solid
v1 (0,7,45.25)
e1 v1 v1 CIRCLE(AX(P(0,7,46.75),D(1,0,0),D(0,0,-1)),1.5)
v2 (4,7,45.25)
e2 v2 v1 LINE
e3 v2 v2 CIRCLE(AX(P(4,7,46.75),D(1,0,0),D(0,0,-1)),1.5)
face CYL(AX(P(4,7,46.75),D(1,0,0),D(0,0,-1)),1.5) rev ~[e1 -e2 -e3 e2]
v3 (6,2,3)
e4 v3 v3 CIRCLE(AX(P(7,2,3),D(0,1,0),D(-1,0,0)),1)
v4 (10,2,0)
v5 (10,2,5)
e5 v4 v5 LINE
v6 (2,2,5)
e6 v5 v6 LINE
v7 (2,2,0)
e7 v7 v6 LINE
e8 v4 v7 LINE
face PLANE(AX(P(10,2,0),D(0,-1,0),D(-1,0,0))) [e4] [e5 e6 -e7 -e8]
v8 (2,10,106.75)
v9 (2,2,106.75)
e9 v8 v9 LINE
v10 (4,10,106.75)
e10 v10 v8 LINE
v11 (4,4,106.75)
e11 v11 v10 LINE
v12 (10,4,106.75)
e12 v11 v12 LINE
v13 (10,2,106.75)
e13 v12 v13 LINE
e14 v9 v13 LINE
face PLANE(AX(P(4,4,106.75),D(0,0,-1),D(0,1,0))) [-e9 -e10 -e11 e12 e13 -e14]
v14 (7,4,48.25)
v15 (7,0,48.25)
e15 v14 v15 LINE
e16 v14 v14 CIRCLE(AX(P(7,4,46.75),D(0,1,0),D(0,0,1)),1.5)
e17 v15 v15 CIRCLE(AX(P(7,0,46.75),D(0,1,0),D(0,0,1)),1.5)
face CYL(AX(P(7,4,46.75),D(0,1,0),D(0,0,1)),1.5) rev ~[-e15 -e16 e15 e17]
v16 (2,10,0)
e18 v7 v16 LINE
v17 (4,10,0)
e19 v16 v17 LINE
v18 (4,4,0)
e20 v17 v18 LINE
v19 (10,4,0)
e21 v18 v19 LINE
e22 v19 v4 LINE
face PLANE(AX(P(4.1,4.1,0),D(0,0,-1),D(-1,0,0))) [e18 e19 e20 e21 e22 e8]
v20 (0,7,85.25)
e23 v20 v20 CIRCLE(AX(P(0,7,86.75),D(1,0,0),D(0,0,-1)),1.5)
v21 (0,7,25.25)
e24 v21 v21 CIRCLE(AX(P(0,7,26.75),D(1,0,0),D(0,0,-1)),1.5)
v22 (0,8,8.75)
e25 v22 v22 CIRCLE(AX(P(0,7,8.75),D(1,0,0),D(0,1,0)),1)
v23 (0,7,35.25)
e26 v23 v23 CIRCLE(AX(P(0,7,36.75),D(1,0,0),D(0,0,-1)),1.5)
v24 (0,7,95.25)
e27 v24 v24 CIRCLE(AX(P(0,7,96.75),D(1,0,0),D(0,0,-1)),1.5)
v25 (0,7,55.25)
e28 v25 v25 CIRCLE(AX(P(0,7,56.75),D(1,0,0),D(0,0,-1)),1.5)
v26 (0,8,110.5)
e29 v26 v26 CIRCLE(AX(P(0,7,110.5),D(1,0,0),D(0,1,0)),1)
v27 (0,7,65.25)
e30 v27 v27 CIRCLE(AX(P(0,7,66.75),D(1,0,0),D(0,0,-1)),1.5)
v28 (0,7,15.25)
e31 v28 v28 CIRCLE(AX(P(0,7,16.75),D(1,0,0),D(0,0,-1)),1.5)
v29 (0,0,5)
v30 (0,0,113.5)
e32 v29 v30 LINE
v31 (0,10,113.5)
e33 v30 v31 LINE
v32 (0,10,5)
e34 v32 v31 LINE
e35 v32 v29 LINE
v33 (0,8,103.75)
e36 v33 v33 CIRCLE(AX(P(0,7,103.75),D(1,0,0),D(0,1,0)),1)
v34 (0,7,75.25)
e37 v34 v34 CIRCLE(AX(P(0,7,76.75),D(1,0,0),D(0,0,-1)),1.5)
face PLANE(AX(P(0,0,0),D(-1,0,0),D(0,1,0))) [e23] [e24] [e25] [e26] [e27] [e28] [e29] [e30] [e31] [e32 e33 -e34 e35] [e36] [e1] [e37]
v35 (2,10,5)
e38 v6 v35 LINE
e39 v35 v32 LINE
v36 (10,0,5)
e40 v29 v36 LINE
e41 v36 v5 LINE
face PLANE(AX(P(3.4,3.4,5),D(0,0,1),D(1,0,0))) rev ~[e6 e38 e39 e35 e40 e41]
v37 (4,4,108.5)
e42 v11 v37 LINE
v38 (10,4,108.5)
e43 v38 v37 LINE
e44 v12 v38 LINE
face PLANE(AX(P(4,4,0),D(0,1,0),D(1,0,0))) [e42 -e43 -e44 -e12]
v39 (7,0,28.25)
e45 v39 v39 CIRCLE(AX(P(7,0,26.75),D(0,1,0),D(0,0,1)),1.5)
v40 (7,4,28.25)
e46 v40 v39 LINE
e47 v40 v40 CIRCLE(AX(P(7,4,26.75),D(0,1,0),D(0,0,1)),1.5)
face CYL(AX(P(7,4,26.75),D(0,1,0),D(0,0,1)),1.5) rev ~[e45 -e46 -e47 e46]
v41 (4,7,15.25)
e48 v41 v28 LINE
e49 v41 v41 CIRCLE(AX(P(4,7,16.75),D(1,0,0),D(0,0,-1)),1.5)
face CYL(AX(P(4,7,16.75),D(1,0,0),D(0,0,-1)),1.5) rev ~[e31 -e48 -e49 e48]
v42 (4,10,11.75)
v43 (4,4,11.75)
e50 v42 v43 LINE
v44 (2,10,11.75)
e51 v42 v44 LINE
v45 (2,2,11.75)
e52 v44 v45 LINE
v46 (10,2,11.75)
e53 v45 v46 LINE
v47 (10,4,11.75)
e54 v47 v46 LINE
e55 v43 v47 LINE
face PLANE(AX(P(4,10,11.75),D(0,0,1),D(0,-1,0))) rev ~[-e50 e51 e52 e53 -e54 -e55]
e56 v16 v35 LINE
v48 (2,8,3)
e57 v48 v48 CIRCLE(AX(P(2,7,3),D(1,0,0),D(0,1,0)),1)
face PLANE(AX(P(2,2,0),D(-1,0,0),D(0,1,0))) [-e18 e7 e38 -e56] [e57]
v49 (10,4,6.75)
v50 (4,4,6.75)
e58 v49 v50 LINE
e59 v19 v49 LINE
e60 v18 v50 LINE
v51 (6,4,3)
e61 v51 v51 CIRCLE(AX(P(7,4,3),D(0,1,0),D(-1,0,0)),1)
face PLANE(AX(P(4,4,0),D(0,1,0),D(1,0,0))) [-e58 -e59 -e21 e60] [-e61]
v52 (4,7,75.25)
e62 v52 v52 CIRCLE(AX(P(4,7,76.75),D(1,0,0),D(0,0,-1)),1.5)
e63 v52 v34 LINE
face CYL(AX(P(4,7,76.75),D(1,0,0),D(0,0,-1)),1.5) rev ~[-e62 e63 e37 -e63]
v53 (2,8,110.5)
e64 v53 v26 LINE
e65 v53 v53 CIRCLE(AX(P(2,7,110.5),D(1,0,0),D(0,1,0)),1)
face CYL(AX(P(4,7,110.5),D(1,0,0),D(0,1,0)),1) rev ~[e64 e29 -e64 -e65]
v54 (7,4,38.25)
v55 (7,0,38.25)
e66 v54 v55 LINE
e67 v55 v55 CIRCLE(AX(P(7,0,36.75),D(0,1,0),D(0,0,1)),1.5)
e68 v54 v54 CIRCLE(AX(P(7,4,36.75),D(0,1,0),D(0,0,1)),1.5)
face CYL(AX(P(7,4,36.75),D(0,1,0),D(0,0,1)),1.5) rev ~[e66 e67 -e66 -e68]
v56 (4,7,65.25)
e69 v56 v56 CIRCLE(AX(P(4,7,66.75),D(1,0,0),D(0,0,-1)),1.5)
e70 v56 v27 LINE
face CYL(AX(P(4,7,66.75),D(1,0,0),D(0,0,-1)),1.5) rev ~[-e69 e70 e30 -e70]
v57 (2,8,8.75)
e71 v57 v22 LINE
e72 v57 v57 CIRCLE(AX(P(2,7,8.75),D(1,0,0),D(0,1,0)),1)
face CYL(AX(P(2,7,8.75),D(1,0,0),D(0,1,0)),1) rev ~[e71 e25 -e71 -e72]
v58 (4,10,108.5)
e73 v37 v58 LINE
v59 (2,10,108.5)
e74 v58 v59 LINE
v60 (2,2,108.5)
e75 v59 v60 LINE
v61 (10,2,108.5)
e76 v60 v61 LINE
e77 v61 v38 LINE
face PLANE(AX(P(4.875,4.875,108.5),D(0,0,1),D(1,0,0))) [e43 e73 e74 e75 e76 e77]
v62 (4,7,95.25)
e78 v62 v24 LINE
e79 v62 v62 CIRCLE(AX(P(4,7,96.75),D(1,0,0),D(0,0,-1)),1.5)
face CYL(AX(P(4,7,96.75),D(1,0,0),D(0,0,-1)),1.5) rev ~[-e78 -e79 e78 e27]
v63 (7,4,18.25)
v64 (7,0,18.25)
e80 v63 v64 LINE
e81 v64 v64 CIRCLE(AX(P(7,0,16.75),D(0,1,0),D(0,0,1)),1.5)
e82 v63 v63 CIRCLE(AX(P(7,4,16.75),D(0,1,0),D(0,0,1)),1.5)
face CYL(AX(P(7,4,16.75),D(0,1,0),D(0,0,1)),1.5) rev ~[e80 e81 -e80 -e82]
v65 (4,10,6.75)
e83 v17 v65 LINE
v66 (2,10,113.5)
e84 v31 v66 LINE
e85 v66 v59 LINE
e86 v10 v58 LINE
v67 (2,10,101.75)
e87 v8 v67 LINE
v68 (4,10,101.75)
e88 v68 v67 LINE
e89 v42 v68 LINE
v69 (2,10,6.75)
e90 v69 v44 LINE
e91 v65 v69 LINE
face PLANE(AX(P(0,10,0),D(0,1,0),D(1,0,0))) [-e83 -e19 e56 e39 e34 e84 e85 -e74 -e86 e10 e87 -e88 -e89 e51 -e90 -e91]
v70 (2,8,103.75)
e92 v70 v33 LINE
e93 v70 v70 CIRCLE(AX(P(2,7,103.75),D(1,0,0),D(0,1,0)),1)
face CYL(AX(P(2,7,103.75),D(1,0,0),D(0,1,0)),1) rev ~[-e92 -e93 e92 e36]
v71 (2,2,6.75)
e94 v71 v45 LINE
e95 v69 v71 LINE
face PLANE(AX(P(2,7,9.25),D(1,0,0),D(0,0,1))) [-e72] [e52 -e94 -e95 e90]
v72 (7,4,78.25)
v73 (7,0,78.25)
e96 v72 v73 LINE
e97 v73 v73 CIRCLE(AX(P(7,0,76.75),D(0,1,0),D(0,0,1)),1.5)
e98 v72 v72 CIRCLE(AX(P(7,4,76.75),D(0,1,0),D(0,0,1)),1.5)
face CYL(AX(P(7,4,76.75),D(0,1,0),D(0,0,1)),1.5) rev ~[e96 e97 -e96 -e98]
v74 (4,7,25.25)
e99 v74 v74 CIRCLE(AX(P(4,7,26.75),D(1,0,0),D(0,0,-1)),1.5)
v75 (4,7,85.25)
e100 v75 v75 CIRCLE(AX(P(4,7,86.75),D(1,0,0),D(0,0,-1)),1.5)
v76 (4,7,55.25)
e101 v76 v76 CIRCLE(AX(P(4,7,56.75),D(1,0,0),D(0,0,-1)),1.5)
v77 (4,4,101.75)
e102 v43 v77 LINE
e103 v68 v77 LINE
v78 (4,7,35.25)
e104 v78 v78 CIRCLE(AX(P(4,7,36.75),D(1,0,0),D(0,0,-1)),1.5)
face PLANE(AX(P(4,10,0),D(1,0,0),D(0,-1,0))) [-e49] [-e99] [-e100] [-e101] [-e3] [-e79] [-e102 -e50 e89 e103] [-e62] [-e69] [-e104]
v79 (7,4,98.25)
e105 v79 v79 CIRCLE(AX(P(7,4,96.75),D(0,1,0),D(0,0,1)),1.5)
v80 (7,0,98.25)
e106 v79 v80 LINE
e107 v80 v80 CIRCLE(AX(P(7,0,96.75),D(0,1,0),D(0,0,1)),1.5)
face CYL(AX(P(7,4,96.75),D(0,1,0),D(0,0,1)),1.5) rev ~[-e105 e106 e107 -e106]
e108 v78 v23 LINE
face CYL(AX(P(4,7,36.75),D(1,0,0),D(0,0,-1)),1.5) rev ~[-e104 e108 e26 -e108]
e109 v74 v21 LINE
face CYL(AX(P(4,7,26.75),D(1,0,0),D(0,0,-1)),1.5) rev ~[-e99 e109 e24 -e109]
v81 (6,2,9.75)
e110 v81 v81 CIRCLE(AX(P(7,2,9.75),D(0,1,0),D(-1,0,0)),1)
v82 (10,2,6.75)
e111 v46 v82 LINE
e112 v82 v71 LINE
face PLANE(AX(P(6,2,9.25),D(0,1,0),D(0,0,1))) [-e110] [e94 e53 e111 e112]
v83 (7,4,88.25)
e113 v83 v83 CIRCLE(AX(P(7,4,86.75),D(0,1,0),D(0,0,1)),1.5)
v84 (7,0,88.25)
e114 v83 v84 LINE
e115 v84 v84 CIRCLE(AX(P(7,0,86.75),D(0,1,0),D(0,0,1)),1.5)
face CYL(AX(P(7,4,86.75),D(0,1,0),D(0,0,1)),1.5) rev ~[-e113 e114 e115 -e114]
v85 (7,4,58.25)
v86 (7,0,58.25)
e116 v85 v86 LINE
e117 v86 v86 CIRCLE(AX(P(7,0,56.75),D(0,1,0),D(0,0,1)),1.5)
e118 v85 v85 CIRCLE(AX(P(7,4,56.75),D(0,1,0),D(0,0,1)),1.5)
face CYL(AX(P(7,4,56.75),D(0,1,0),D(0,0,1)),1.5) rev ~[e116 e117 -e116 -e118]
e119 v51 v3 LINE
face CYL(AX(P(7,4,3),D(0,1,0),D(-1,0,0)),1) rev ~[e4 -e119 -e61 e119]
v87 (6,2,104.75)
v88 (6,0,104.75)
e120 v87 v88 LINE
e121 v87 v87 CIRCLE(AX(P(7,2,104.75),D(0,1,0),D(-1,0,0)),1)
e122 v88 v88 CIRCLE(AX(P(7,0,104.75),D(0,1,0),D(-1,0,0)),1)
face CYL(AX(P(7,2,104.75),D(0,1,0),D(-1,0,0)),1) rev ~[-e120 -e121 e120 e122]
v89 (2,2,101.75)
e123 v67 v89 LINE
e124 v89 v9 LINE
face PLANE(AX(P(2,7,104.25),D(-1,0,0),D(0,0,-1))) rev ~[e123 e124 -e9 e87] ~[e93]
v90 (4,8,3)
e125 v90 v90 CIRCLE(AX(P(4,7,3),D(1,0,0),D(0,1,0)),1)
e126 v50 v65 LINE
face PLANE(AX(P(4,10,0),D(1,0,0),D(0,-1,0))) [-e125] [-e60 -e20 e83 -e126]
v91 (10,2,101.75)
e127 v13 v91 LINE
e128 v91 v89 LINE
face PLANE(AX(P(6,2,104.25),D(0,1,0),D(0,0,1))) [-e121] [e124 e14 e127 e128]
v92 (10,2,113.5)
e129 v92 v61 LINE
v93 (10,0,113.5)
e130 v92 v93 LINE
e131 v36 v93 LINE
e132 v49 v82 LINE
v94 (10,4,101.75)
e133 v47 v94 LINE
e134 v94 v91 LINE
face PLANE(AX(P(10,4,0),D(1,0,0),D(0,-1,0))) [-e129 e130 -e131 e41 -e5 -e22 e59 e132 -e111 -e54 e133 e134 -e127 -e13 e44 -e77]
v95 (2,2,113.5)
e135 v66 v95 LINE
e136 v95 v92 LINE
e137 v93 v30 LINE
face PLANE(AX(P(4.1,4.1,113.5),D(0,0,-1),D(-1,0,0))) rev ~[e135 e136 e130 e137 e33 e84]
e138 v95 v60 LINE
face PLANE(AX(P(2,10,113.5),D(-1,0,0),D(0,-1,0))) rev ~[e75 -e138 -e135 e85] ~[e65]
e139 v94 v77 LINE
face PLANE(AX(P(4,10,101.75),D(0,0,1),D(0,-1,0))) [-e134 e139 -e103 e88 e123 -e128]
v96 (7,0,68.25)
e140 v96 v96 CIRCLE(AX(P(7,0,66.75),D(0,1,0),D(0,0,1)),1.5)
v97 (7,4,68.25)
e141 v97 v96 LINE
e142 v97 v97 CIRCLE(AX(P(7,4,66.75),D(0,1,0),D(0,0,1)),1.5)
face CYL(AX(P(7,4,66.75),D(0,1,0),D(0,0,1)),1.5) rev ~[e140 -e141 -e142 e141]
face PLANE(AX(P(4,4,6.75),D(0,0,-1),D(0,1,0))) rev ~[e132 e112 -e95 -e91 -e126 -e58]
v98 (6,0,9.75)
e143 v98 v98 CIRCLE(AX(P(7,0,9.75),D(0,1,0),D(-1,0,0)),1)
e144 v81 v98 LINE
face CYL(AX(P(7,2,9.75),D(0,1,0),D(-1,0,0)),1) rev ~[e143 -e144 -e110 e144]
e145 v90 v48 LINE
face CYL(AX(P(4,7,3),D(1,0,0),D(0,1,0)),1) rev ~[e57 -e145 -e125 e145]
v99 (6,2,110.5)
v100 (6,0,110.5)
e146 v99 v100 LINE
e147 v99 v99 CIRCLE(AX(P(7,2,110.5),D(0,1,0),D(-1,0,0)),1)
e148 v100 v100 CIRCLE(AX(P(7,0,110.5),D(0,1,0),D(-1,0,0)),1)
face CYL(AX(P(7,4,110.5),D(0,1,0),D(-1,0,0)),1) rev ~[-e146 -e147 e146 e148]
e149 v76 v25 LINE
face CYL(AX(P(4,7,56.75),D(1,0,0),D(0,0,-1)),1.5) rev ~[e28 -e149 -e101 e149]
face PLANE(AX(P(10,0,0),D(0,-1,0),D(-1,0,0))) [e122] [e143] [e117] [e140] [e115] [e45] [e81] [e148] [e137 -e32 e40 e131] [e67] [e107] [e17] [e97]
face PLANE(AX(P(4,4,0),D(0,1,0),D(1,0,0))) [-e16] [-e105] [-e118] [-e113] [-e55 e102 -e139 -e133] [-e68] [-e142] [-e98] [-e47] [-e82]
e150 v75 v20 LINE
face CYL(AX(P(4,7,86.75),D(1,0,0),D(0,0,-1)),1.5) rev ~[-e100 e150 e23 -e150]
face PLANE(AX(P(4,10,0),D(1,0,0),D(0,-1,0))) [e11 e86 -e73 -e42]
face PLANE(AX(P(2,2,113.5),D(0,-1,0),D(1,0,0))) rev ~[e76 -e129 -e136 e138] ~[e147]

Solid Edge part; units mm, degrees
sketch "Sketch1" plane through (0, 0, 0) normal (0, 0, 1) x (1, 0, 0)
  line L0 (0, 0) -> (0, 10)
  line L1 (0, 10) -> (4, 10)
  line L2 (4, 10) -> (4, 4)
  line L3 (4, 4) -> (10, 4)
  line L4 (10, 4) -> (10, 0)
  line L5 (10, 0) -> (0, 0)
  dimension "D1" = 4
  dimension "D2" = 4
  dimension "D3" = 10
  dimension "D4" = 10
extrude "Protrusion1" add sketch "Sketch1" along normal blind 113.5
sketch "Sketch2" plane through (5, 5, 113.5) normal (0, 0, 1) x (0, 1, 0)
  line L0 (5, 1) -> (5, 3)
  line L1 (5, 3) -> (-3, 3)
  line L2 (-3, 3) -> (-3, -5)
  line L3 (-3, -5) -> (-1, -5)
  line L4 (-1, -5) -> (-1, 1)
  line L5 (-1, 1) -> (5, 1)
extrude "ExtrudedCutout_4" cut sketch "Sketch2" against normal blind 5
sketch "Sketch3" plane through (5, 5, 0) normal (0, 0, -1) x (-1, 0, 0)
  line L0 (3, 5) -> (5, 5)
  line L1 (5, 5) -> (5, -5)
  line L2 (5, -5) -> (-5, -5)
  line L3 (-5, -5) -> (-5, -3)
  line L4 (-5, -3) -> (3, -3)
  line L5 (3, -3) -> (3, 5)
extrude "ExtrudedCutout_5" cut sketch "Sketch3" against normal blind 5
sketch "Sketch4" plane through (4, 6.5, 54.25) normal (1, 0, 0) x (0, 0, -1)
  line L0 (-52.5, 3.5) -> (-47.5, 3.5)
  line L1 (-47.5, 3.5) -> (-47.5, -2.5)
  line L2 (-47.5, -2.5) -> (-52.5, -2.5)
  line L3 (-52.5, -2.5) -> (-52.5, 3.5)
  dimension "D1" = 5
  dimension "D2" = 6.75
extrude "ExtrudedCutout_7" cut sketch "Sketch4" against normal blind 2
sketch "Sketch5" plane through (5.75, 4, 54.25) normal (0, 1, 0) x (0, 0, -1)
  line L0 (-52.5, 3.75) -> (-52.5, -4.25)
  line L1 (-52.5, -4.25) -> (-47.5, -4.25)
  line L2 (-47.5, -4.25) -> (-47.5, 3.75)
  line L3 (-47.5, 3.75) -> (-52.5, 3.75)
extrude "ExtrudedCutout_8" cut sketch "Sketch5" against normal blind 2
sketch "Sketch6" plane through (4, 6.5, 50.875) normal (1, 0, 0) x (0, 0, -1)
  line L0 (44.125, 3.5) -> (39.125, 3.5)
  line L1 (39.125, 3.5) -> (39.125, -2.5)
  line L2 (39.125, -2.5) -> (44.125, -2.5)
  line L3 (44.125, -2.5) -> (44.125, 3.5)
  dimension "D1" = 6.75
  dimension "D2" = 5
extrude "ExtrudedCutout_9" cut sketch "Sketch6" against normal blind 2
sketch "Sketch7" plane through (5.75, 4, 50.875) normal (0, 1, 0) x (0, 0, -1)
  line L0 (39.125, 3.75) -> (39.125, -4.25)
  line L1 (39.125, -4.25) -> (44.125, -4.25)
  line L2 (44.125, -4.25) -> (44.125, 3.75)
  line L3 (44.125, 3.75) -> (39.125, 3.75)
  dimension "D1" = 6.75
  dimension "D2" = 5
extrude "ExtrudedCutout_10" cut sketch "Sketch7" against normal blind 2
sketch "Sketch8" plane through (4, 7, 56.75) normal (1, 0, 0) x (0, 0, -1)
  circle A0 centre (-40, 0) radius 1.5
  circle A1 centre (-30, 0) radius 1.5
  circle A2 centre (-20, 0) radius 1.5
  circle A3 centre (-10, 0) radius 1.5
  circle A4 centre (0, 0) radius 1.5
  circle A5 centre (10, 0) radius 1.5
  circle A6 centre (20, 0) radius 1.5
  circle A7 centre (30, 0) radius 1.5
  circle A8 centre (40, 0) radius 1.5
extrude "ExtrudedCutout_11" cut sketch "Sketch8" against normal blind 4
sketch "Sketch9" plane through (7, 4, 56.75) normal (0, 1, 0) x (0, 0, 1)
  circle A0 centre (-40, 0) radius 1.5
  circle A1 centre (-30, 0) radius 1.5
  circle A2 centre (-20, 0) radius 1.5
  circle A3 centre (-10, 0) radius 1.5
  circle A4 centre (0, 0) radius 1.5
  circle A5 centre (10, 0) radius 1.5
  circle A6 centre (20, 0) radius 1.5
  circle A7 centre (30, 0) radius 1.5
  circle A8 centre (40, 0) radius 1.5
  dimension "D1" = 3
  dimension "D2" = 3
  dimension "D3" = 10
  dimension "D4" = 10
  dimension "D5" = 10
  dimension "D6" = 10
  dimension "D7" = 10
  dimension "D8" = 10
  dimension "D9" = 10
  dimension "D10" = 10
  dimension "D11" = 10
  dimension "D12" = 10
extrude "ExtrudedCutout_12" cut sketch "Sketch9" against normal blind 4
sketch "Sketch10" plane through (6, 4, 111) normal (0, 1, 0) x (-1, 0, 0)
  circle A0 centre (-1, -0.5) radius 1
  circle A1 centre (-1, -108) radius 1
  dimension "D1" = 1
extrude "ExtrudedCutout_13" cut sketch "Sketch10" against normal blind 4
sketch "Sketch11" plane through (4, 7, 3.375) normal (1, 0, 0) x (0, 1, 0)
  circle A0 centre (0, -0.375) radius 1
  circle A1 centre (0, 107.125) radius 1
  dimension "D1" = 2
  dimension "D2" = 3
  dimension "D3" = 3
  dimension "D4" = 2
  dimension "D5" = 3
  dimension "D6" = 3
extrude "ExtrudedCutout_14" cut sketch "Sketch11" against normal blind 4
sketch "Sketch12" plane through (6, 2, 9.25) normal (0, 1, 0) x (-1, 0, 0)
  circle A0 centre (-1, 0.5) radius 1
  circle A1 centre (-1, 95.5) radius 1
extrude "ExtrudedCutout_15" cut sketch "Sketch12" against normal blind 2
sketch "Sketch13" plane through (2, 6, 104.25) normal (1, 0, 0) x (0, 1, 0)
  circle A0 centre (1, -0.5) radius 1
  circle A1 centre (1, -95.5) radius 1
  dimension "D1" = 1
extrude "ExtrudedCutout_16" cut sketch "Sketch13" against normal blind 2
